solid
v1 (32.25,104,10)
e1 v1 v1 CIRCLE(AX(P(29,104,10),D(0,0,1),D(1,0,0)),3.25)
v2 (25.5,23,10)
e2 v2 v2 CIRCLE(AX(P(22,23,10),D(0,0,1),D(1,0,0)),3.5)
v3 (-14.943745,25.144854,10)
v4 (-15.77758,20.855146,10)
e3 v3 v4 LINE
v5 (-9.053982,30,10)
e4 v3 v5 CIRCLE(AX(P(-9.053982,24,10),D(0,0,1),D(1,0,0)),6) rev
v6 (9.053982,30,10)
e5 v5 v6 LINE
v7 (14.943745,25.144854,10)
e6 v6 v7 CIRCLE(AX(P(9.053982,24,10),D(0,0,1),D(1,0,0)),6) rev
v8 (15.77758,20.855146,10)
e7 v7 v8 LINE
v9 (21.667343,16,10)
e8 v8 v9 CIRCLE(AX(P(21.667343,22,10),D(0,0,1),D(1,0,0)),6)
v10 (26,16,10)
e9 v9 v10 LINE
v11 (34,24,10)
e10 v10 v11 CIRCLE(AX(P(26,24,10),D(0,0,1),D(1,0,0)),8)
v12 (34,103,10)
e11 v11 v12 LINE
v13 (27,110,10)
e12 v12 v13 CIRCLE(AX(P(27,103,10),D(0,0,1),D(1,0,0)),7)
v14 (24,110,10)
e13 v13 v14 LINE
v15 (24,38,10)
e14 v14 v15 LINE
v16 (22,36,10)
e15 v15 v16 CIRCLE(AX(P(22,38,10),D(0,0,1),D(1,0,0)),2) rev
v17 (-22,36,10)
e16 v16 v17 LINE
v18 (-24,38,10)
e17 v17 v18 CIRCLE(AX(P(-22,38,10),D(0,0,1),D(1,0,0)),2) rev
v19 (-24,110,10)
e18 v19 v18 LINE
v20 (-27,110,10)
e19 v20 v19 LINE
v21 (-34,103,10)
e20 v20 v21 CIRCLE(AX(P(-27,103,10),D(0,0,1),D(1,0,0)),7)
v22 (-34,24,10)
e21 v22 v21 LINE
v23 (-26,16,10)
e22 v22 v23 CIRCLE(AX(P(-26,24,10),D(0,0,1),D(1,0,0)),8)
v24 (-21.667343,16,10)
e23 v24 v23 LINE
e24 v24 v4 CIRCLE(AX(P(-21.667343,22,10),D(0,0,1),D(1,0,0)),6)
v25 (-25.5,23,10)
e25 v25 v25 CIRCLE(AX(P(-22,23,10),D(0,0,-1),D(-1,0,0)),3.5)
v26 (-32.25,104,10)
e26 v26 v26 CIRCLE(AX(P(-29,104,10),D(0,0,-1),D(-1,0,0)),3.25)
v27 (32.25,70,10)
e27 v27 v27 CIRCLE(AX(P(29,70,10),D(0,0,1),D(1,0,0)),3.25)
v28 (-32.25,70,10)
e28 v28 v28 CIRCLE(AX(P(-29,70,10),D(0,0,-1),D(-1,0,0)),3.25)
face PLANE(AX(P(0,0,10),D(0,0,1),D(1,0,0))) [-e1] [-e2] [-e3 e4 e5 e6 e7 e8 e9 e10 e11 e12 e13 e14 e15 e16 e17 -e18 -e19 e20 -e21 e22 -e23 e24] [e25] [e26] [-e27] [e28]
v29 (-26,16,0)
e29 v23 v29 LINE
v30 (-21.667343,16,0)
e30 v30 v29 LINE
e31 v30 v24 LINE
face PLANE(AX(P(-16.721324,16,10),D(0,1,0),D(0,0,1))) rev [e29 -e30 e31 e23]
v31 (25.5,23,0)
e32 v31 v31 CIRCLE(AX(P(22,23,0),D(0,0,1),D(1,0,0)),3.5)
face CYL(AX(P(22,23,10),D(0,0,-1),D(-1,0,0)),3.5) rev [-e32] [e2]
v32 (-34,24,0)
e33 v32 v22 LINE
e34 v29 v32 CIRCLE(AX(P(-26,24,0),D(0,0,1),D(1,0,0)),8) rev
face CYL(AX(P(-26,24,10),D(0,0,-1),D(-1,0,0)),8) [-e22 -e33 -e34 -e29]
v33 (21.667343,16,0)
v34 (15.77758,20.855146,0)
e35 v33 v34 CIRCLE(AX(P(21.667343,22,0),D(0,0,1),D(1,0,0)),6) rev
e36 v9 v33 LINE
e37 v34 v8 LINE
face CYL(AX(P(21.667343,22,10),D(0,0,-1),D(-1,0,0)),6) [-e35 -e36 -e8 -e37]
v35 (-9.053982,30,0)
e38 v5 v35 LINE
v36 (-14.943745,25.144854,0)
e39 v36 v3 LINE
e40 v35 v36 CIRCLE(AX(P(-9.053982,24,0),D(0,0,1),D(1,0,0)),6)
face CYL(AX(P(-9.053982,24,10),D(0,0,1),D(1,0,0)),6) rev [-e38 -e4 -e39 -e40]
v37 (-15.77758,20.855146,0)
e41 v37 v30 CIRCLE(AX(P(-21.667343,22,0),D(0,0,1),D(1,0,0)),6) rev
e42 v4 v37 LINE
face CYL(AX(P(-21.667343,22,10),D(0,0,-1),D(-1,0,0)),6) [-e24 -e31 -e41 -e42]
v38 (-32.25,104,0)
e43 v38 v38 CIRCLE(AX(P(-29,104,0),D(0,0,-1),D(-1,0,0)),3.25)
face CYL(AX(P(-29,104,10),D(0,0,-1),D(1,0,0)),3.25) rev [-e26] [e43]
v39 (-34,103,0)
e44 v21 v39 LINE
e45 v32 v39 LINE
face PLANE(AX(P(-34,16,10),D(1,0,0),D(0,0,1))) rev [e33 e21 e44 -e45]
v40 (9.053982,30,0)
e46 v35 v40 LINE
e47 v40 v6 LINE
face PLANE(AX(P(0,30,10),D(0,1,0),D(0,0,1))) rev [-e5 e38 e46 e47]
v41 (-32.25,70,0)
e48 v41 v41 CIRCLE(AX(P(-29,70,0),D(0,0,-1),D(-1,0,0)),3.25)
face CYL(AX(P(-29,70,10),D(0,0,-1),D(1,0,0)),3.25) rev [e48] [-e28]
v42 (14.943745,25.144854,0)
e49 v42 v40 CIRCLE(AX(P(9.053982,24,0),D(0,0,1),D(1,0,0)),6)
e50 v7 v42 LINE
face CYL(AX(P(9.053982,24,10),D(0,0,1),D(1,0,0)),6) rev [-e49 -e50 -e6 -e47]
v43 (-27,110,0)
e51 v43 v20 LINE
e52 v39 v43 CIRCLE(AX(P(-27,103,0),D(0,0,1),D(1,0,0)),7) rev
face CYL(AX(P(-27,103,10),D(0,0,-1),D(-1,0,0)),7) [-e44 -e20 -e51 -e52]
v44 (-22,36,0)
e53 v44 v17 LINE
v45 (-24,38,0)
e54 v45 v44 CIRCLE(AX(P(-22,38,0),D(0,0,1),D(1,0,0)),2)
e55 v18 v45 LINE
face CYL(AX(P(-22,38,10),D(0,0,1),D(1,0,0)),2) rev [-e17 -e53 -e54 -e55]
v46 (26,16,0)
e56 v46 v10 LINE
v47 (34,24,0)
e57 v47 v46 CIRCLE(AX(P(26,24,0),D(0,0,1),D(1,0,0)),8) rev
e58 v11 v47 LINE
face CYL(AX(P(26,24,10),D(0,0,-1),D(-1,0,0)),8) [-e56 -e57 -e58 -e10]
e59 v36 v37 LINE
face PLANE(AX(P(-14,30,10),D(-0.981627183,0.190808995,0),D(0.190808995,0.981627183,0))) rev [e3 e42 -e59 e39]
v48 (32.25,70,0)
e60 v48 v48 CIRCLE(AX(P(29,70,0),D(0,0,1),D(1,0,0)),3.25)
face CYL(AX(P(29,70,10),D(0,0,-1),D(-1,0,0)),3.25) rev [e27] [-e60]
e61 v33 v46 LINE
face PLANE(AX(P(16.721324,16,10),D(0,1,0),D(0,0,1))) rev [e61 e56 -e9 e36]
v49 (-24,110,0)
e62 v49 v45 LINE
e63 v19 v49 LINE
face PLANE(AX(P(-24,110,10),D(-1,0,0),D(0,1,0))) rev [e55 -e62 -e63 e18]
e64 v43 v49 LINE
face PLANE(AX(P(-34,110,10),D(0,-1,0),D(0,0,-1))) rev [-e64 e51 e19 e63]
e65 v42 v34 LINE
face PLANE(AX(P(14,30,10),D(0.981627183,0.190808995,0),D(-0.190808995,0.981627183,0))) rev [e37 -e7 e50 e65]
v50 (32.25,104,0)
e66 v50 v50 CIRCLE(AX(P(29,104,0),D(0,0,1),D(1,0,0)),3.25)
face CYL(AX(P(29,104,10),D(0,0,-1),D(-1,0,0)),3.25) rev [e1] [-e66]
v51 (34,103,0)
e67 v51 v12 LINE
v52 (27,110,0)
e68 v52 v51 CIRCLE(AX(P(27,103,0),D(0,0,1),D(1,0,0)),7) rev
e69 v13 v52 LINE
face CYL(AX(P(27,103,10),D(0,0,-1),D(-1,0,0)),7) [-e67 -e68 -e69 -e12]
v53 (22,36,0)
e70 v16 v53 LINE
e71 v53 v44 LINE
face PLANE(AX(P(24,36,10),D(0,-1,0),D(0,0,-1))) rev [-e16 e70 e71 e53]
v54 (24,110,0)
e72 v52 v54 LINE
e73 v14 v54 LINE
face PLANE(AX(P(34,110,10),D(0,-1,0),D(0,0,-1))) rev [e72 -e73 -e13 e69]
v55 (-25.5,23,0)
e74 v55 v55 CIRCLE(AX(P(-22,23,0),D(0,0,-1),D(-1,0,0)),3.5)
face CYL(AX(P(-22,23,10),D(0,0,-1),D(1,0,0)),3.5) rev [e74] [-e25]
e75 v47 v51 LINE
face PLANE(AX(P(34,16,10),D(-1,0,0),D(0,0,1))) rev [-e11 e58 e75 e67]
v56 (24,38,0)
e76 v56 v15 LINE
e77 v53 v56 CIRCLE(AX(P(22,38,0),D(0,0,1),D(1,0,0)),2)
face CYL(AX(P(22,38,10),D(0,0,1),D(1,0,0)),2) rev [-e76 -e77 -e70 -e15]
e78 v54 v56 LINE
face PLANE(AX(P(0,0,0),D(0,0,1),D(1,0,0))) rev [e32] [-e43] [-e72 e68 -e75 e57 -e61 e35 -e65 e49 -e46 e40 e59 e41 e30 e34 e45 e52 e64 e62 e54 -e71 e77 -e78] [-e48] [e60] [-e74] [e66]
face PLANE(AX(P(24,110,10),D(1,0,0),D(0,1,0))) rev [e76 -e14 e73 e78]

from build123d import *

# Parameters (mm, degrees)
ESQUISSE1_R        = 3.25
ESQUISSE1_R_2      = 3.5
BOSS_EXTRU_1_DEPTH = 10
CONG_1_R           = 6
CONG_2_R           = 8
CONG_3_R           = 7
CONG_4_R           = 2


with BuildPart() as part:
    # Esquisse1 → Boss.-Extru.1 (new body)
    with BuildSketch(Plane.XY):
        Polygon((24, 110), (24, 36), (0, 36), (0, 30), (14, 30), (16.721324328, 16), (34, 16), (34, 110), align=None)
        with Locations((29, 104)):
            Circle(ESQUISSE1_R, mode=Mode.SUBTRACT)
        with Locations((22, 23)):
            Circle(ESQUISSE1_R_2, mode=Mode.SUBTRACT)
        with Locations((29, 70)):
            Circle(ESQUISSE1_R, mode=Mode.SUBTRACT)
    boss_extru_1 = extrude(amount=BOSS_EXTRU_1_DEPTH)

    # Symétrie2: Boss.-Extru.1 across plane
    add(boss_extru_1.mirror(Plane(origin=(0, 36, 10), x_dir=(0, 0, 1), z_dir=(1, 0, 0))))

    # Congé1
    cong_1_edges = [part.edges().sort_by_distance(p)[0] for p in [
        (16.721324328, 16, 5),
        (14, 30, 5),
        (-14, 30, 5),
        (-16.721324328, 16, 5),
    ]]
    fillet(cong_1_edges, radius=CONG_1_R)

    # Congé2
    cong_2_edges = [part.edges().sort_by_distance(p)[0] for p in [
        (34, 16, 5),
        (-34, 16, 5),
    ]]
    fillet(cong_2_edges, radius=CONG_2_R)

    # Congé3
    cong_3_edges = [part.edges().sort_by_distance(p)[0] for p in [
        (34, 110, 5),
        (-34, 110, 5),
    ]]
    fillet(cong_3_edges, radius=CONG_3_R)

    # Congé4
    cong_4_edges = [part.edges().sort_by_distance(p)[0] for p in [
        (24, 36, 5),
        (-24, 36, 5),
    ]]
    fillet(cong_4_edges, radius=CONG_4_R)


solid = part.part
